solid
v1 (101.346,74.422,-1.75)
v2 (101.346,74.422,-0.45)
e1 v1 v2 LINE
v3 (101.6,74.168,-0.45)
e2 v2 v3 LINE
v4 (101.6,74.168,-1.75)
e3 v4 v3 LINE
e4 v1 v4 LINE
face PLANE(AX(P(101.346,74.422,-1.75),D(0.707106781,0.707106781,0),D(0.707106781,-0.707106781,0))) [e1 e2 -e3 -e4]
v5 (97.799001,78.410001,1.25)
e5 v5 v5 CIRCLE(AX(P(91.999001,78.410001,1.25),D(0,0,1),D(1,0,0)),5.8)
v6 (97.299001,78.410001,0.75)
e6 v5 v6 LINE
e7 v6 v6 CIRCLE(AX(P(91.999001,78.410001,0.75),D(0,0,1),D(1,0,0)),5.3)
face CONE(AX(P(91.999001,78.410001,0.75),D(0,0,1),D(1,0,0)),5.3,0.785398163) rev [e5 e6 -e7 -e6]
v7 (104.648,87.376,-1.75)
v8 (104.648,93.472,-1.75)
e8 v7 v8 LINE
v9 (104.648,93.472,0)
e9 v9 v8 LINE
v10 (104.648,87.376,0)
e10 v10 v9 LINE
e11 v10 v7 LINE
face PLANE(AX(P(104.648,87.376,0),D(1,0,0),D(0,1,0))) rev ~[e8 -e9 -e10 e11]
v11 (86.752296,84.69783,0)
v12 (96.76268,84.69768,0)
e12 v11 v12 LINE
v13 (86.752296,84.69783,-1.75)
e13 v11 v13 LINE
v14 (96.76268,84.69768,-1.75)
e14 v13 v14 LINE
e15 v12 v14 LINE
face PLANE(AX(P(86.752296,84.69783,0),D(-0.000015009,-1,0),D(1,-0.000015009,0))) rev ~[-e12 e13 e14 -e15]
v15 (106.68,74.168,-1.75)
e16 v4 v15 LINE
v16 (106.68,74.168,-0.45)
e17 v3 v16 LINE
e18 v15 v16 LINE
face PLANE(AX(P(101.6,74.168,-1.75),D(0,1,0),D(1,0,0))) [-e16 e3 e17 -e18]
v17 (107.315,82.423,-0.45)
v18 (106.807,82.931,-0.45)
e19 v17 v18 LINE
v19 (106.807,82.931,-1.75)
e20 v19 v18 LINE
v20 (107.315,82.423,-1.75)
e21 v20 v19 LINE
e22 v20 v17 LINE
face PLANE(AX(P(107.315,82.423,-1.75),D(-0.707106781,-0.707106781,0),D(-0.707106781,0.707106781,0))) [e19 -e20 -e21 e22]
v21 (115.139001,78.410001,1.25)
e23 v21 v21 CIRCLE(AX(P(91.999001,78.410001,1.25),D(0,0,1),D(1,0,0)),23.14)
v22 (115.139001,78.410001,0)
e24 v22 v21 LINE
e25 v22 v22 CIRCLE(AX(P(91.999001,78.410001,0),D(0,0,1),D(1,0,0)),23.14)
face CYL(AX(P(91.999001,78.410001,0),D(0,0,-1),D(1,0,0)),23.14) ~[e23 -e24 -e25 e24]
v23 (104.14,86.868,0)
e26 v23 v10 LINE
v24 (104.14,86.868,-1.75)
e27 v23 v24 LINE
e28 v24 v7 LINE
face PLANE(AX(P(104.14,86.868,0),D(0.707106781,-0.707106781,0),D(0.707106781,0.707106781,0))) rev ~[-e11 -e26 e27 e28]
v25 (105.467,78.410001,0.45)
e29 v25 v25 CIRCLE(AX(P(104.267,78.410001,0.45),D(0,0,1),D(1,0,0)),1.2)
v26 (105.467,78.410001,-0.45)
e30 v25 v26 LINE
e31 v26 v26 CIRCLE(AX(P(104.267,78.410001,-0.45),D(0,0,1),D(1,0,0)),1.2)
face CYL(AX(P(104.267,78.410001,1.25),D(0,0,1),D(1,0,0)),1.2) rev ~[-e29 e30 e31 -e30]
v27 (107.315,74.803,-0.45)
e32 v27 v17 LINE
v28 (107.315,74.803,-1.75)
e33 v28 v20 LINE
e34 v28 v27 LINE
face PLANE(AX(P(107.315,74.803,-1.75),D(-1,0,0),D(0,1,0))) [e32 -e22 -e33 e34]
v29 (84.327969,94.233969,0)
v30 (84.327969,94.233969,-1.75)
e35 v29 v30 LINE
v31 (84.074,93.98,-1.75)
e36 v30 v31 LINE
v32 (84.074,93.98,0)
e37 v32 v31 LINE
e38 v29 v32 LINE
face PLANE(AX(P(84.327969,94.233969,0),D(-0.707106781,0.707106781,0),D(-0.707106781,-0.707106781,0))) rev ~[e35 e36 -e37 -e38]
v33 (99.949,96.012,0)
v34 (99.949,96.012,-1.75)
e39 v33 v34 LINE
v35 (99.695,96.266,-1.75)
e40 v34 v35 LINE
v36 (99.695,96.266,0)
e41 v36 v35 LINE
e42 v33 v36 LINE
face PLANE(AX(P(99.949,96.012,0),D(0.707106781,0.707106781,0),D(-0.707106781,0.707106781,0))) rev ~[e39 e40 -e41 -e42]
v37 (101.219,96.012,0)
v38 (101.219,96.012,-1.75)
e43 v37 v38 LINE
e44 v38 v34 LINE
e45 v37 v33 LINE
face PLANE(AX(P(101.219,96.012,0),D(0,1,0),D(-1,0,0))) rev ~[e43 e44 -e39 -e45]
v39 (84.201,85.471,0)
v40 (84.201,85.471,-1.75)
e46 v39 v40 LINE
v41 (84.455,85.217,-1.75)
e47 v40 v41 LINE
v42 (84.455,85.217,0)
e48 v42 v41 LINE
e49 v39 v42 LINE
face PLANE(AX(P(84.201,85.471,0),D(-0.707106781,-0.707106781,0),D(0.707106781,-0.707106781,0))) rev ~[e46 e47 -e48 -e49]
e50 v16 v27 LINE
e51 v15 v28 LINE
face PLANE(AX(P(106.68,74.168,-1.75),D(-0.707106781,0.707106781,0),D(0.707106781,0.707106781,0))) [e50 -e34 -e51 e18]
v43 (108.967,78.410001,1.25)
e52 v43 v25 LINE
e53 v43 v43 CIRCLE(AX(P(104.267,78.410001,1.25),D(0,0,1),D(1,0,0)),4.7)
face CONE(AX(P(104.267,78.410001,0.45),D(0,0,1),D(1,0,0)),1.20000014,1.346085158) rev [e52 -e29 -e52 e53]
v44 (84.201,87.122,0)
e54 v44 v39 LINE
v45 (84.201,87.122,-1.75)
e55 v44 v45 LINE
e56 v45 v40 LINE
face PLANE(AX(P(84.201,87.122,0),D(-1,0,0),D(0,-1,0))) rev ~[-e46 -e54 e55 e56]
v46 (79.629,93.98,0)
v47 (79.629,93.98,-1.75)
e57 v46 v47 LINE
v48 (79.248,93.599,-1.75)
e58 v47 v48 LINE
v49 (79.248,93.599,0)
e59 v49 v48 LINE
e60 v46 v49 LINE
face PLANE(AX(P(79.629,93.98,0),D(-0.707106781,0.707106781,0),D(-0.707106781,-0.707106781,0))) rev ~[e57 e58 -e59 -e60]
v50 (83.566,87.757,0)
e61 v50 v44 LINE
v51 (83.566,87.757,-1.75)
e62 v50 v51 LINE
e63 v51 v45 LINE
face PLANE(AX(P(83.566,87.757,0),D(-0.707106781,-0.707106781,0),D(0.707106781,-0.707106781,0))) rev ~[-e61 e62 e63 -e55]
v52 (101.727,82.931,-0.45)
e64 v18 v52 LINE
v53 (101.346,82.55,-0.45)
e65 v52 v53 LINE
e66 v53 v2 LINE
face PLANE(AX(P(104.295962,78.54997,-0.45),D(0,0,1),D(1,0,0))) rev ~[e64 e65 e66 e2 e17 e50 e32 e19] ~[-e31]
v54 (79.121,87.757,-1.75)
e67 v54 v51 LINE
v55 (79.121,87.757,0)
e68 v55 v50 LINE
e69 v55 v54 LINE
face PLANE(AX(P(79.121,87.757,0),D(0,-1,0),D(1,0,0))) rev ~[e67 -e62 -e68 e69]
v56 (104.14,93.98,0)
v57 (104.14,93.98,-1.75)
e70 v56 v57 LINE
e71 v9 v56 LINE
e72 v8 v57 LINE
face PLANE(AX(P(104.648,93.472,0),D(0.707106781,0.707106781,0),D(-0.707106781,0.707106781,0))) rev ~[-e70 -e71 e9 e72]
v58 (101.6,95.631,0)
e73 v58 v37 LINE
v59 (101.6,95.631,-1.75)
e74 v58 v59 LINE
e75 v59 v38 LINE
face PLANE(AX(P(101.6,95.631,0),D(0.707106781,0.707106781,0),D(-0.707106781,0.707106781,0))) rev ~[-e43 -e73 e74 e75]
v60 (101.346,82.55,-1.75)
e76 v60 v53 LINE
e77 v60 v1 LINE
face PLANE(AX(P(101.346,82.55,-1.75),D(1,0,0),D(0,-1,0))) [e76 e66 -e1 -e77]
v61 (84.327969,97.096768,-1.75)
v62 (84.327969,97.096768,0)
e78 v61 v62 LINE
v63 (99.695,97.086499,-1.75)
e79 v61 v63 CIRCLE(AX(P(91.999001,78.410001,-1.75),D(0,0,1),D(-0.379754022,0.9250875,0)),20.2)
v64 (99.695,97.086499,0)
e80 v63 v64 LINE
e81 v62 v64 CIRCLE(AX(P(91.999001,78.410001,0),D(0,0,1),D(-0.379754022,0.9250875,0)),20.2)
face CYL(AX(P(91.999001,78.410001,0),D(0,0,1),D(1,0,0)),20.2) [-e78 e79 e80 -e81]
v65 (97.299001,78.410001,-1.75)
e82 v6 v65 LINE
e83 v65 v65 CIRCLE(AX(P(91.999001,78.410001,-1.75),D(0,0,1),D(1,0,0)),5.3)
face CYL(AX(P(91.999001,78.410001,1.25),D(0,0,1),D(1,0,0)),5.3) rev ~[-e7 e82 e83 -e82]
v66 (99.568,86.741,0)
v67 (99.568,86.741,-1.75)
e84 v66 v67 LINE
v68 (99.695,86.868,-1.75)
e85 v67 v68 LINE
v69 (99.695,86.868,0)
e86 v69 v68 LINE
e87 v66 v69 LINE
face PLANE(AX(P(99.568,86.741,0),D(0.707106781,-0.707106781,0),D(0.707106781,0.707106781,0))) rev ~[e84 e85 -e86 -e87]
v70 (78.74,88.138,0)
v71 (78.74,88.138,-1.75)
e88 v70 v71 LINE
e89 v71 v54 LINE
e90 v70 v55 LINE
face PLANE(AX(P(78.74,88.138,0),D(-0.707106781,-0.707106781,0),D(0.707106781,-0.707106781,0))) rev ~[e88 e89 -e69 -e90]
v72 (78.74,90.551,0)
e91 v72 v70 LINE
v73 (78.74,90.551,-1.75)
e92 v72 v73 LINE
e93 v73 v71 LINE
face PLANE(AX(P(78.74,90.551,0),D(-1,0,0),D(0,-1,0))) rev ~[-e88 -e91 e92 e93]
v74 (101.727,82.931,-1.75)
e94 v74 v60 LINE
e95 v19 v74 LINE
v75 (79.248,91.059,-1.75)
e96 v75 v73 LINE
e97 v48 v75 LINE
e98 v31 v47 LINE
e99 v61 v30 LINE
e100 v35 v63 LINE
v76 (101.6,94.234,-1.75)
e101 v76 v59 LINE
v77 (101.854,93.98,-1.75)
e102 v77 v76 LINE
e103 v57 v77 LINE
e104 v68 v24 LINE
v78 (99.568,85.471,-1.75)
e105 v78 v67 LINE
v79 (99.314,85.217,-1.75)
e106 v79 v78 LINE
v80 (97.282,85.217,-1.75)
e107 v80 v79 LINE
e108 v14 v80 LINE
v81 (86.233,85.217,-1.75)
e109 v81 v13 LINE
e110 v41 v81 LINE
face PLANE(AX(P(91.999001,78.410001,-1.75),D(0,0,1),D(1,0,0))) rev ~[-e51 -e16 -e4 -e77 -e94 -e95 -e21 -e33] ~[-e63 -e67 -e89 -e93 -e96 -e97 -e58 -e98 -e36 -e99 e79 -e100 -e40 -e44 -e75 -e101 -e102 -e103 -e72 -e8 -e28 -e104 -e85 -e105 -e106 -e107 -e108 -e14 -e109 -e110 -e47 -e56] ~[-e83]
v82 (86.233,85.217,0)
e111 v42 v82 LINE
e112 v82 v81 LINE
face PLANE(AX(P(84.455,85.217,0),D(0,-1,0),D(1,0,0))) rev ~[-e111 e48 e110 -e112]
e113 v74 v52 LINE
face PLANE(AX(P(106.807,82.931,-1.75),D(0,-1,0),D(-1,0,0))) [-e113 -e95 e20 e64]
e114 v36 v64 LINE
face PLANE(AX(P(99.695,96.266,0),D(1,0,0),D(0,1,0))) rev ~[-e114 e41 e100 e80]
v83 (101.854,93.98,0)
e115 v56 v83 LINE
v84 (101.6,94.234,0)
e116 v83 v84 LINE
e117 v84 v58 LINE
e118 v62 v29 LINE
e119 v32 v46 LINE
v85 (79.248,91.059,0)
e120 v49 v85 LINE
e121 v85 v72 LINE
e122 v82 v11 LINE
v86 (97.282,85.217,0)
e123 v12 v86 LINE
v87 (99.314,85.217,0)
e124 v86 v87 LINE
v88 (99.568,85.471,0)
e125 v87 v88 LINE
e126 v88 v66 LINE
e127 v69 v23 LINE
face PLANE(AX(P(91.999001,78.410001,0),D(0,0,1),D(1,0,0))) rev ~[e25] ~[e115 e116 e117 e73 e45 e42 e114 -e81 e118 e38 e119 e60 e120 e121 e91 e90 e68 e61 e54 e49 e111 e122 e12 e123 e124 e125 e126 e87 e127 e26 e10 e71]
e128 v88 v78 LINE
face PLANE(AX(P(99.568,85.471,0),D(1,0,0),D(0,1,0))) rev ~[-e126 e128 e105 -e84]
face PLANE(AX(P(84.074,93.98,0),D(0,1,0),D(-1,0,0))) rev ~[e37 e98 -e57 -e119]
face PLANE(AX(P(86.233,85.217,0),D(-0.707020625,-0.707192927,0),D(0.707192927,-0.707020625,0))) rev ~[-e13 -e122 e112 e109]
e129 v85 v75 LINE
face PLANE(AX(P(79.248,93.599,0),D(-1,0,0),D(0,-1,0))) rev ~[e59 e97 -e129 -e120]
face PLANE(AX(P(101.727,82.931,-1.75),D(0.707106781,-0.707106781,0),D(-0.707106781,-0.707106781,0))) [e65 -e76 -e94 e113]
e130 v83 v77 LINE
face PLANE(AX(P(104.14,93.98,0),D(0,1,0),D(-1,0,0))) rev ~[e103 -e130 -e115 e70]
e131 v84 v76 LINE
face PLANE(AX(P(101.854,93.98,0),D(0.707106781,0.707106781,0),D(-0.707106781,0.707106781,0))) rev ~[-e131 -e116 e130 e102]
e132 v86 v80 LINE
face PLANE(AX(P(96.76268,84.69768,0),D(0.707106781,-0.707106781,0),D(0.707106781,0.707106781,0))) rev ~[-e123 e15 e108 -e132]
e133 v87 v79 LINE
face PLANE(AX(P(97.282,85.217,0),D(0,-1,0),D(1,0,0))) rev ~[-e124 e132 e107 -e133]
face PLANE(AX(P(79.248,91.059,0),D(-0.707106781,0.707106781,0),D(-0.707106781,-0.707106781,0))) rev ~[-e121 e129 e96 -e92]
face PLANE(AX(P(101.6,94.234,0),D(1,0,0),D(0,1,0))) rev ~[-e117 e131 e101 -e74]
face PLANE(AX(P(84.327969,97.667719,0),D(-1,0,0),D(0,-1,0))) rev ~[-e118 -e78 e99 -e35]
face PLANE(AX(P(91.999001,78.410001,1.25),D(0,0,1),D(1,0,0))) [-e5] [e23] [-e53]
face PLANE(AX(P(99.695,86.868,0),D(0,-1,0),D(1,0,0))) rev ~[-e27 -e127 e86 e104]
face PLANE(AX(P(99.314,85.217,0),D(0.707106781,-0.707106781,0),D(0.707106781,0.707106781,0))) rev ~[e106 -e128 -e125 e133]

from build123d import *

# Parameters (mm, degrees)
SKETCH_1_R          = 23.14
EXTRUDE_1_DEPTH     = 1.25
SKETCH_2_R          = 20.2
EXTRUDE_2_DEPTH     = 1.75
CUT_EXTRUDE_1_DEPTH = 1.75
CUT_EXTRUDE_START   = 1.25
SKETCH_5_R          = 1.20000014
SKETCH_5_R_2        = 5.3
CUT_EXTRUDE_2_DEPTH = 3
CHAMFER_1_SIZE      = 3.5
CHAMFER_1_SIZE2     = 0.8
CHAMFER_2_SIZE      = 0.5
CUT_EXTRUDE_START_2 = -1.75
CUT_EXTRUDE_3_DEPTH = 1.3


with BuildPart() as part:
    # 草图1 → 凸台-拉伸1 (new body)
    with BuildSketch(Plane.XY):
        with Locations((91.99900066, 78.41000066)):
            Circle(SKETCH_1_R)
    extrude(amount=EXTRUDE_1_DEPTH)

    # 草图2 → 凸台-拉伸2 (add)
    with BuildSketch(Plane.XY):
        with Locations((91.99900066, 78.41000066)):
            Circle(SKETCH_2_R)
    extrude(amount=-EXTRUDE_2_DEPTH)

    # 草图3 → 切除-拉伸1 (cut)
    with BuildSketch(Plane.XY):
        with BuildLine():
            Line((99.695, 96.266), (99.695, 97.658416258))
            ThreePointArc((99.695, 97.658416258), (92.012378583, 99.139588259), (84.327969421, 97.66771932))
            Line((84.327969421, 97.66771932), (84.327969421, 94.233969421))
            Line((84.327969421, 94.233969421), (84.074, 93.98))
            Line((84.074, 93.98), (79.629, 93.98))
            Line((79.629, 93.98), (79.248, 93.599))
            Line((79.248, 93.599), (79.248, 91.059))
            Line((79.248, 91.059), (78.74, 90.551))
            Line((78.74, 90.551), (78.74, 88.138))
            Line((78.74, 88.138), (79.121, 87.757))
            Line((79.121, 87.757), (83.566, 87.757))
            Line((83.566, 87.757), (84.201, 87.122))
            Line((84.201, 87.122), (84.201, 85.471))
            Line((84.201, 85.471), (84.455, 85.217))
            Line((84.455, 85.217), (86.233, 85.217))
            Line((86.233, 85.217), (86.752296117, 84.697830406))
            Line((86.752296117, 84.697830406), (96.762680157, 84.697680157))
            Line((96.762680157, 84.697680157), (97.282, 85.217))
            Line((97.282, 85.217), (99.314, 85.217))
            Line((99.314, 85.217), (99.568, 85.471))
            Line((99.568, 85.471), (99.568, 85.725))
            Line((99.568, 85.725), (99.568, 86.741))
            Line((99.568, 86.741), (99.695, 86.868))
            Line((99.695, 86.868), (104.14, 86.868))
            Line((104.14, 86.868), (104.648, 87.376))
            Line((104.648, 87.376), (104.648, 93.472))
            Line((104.648, 93.472), (104.14, 93.98))
            Line((104.14, 93.98), (101.854, 93.98))
            Line((101.854, 93.98), (101.6, 94.234))
            Line((101.6, 94.234), (101.6, 95.631))
            Line((101.6, 95.631), (101.219, 96.012))
            Line((101.219, 96.012), (99.949, 96.012))
            Line((99.949, 96.012), (99.695, 96.266))
        make_face()
    extrude(amount=-CUT_EXTRUDE_1_DEPTH, mode=Mode.SUBTRACT)

    # 草图5 → 切除-拉伸2 (cut)
    with BuildSketch(Plane.XY.offset(CUT_EXTRUDE_START)):
        with Locations((104.267, 78.41000066)):
            Circle(SKETCH_5_R)
        with Locations((91.99900066, 78.41000066)):
            Circle(SKETCH_5_R_2)
    extrude(amount=-CUT_EXTRUDE_2_DEPTH, mode=Mode.SUBTRACT)

    # 倒角1
    chamfer_1_edges = [part.edges().sort_by_distance(p)[0] for p in [
        (103.06699986, 78.41000066, 1.25),
    ]]
    chamfer_1_side = [part.faces().sort_by_distance(p)[0] for p in [
        (69.513498697, 78.41000066, 1.25),
    ]]
    chamfer(chamfer_1_edges, length=CHAMFER_1_SIZE, length2=CHAMFER_1_SIZE2, reference=chamfer_1_side[0])

    # 倒角2
    chamfer_2_edges = [part.edges().sort_by_distance(p)[0] for p in [
        (86.69900066, 78.41000066, 1.25),
    ]]
    chamfer(chamfer_2_edges, length=CHAMFER_2_SIZE)

    # 草图6 → 切除-拉伸3 (cut)
    with BuildSketch(Plane.XY.offset(CUT_EXTRUDE_START_2)):
        Polygon((101.727, 82.931), (101.346, 82.55), (101.346, 74.422), (101.6, 74.168), (106.68, 74.168), (107.315, 74.803), (107.315, 82.423), (106.807, 82.931), align=None)
    extrude(amount=CUT_EXTRUDE_3_DEPTH, mode=Mode.SUBTRACT)


solid = part.part
